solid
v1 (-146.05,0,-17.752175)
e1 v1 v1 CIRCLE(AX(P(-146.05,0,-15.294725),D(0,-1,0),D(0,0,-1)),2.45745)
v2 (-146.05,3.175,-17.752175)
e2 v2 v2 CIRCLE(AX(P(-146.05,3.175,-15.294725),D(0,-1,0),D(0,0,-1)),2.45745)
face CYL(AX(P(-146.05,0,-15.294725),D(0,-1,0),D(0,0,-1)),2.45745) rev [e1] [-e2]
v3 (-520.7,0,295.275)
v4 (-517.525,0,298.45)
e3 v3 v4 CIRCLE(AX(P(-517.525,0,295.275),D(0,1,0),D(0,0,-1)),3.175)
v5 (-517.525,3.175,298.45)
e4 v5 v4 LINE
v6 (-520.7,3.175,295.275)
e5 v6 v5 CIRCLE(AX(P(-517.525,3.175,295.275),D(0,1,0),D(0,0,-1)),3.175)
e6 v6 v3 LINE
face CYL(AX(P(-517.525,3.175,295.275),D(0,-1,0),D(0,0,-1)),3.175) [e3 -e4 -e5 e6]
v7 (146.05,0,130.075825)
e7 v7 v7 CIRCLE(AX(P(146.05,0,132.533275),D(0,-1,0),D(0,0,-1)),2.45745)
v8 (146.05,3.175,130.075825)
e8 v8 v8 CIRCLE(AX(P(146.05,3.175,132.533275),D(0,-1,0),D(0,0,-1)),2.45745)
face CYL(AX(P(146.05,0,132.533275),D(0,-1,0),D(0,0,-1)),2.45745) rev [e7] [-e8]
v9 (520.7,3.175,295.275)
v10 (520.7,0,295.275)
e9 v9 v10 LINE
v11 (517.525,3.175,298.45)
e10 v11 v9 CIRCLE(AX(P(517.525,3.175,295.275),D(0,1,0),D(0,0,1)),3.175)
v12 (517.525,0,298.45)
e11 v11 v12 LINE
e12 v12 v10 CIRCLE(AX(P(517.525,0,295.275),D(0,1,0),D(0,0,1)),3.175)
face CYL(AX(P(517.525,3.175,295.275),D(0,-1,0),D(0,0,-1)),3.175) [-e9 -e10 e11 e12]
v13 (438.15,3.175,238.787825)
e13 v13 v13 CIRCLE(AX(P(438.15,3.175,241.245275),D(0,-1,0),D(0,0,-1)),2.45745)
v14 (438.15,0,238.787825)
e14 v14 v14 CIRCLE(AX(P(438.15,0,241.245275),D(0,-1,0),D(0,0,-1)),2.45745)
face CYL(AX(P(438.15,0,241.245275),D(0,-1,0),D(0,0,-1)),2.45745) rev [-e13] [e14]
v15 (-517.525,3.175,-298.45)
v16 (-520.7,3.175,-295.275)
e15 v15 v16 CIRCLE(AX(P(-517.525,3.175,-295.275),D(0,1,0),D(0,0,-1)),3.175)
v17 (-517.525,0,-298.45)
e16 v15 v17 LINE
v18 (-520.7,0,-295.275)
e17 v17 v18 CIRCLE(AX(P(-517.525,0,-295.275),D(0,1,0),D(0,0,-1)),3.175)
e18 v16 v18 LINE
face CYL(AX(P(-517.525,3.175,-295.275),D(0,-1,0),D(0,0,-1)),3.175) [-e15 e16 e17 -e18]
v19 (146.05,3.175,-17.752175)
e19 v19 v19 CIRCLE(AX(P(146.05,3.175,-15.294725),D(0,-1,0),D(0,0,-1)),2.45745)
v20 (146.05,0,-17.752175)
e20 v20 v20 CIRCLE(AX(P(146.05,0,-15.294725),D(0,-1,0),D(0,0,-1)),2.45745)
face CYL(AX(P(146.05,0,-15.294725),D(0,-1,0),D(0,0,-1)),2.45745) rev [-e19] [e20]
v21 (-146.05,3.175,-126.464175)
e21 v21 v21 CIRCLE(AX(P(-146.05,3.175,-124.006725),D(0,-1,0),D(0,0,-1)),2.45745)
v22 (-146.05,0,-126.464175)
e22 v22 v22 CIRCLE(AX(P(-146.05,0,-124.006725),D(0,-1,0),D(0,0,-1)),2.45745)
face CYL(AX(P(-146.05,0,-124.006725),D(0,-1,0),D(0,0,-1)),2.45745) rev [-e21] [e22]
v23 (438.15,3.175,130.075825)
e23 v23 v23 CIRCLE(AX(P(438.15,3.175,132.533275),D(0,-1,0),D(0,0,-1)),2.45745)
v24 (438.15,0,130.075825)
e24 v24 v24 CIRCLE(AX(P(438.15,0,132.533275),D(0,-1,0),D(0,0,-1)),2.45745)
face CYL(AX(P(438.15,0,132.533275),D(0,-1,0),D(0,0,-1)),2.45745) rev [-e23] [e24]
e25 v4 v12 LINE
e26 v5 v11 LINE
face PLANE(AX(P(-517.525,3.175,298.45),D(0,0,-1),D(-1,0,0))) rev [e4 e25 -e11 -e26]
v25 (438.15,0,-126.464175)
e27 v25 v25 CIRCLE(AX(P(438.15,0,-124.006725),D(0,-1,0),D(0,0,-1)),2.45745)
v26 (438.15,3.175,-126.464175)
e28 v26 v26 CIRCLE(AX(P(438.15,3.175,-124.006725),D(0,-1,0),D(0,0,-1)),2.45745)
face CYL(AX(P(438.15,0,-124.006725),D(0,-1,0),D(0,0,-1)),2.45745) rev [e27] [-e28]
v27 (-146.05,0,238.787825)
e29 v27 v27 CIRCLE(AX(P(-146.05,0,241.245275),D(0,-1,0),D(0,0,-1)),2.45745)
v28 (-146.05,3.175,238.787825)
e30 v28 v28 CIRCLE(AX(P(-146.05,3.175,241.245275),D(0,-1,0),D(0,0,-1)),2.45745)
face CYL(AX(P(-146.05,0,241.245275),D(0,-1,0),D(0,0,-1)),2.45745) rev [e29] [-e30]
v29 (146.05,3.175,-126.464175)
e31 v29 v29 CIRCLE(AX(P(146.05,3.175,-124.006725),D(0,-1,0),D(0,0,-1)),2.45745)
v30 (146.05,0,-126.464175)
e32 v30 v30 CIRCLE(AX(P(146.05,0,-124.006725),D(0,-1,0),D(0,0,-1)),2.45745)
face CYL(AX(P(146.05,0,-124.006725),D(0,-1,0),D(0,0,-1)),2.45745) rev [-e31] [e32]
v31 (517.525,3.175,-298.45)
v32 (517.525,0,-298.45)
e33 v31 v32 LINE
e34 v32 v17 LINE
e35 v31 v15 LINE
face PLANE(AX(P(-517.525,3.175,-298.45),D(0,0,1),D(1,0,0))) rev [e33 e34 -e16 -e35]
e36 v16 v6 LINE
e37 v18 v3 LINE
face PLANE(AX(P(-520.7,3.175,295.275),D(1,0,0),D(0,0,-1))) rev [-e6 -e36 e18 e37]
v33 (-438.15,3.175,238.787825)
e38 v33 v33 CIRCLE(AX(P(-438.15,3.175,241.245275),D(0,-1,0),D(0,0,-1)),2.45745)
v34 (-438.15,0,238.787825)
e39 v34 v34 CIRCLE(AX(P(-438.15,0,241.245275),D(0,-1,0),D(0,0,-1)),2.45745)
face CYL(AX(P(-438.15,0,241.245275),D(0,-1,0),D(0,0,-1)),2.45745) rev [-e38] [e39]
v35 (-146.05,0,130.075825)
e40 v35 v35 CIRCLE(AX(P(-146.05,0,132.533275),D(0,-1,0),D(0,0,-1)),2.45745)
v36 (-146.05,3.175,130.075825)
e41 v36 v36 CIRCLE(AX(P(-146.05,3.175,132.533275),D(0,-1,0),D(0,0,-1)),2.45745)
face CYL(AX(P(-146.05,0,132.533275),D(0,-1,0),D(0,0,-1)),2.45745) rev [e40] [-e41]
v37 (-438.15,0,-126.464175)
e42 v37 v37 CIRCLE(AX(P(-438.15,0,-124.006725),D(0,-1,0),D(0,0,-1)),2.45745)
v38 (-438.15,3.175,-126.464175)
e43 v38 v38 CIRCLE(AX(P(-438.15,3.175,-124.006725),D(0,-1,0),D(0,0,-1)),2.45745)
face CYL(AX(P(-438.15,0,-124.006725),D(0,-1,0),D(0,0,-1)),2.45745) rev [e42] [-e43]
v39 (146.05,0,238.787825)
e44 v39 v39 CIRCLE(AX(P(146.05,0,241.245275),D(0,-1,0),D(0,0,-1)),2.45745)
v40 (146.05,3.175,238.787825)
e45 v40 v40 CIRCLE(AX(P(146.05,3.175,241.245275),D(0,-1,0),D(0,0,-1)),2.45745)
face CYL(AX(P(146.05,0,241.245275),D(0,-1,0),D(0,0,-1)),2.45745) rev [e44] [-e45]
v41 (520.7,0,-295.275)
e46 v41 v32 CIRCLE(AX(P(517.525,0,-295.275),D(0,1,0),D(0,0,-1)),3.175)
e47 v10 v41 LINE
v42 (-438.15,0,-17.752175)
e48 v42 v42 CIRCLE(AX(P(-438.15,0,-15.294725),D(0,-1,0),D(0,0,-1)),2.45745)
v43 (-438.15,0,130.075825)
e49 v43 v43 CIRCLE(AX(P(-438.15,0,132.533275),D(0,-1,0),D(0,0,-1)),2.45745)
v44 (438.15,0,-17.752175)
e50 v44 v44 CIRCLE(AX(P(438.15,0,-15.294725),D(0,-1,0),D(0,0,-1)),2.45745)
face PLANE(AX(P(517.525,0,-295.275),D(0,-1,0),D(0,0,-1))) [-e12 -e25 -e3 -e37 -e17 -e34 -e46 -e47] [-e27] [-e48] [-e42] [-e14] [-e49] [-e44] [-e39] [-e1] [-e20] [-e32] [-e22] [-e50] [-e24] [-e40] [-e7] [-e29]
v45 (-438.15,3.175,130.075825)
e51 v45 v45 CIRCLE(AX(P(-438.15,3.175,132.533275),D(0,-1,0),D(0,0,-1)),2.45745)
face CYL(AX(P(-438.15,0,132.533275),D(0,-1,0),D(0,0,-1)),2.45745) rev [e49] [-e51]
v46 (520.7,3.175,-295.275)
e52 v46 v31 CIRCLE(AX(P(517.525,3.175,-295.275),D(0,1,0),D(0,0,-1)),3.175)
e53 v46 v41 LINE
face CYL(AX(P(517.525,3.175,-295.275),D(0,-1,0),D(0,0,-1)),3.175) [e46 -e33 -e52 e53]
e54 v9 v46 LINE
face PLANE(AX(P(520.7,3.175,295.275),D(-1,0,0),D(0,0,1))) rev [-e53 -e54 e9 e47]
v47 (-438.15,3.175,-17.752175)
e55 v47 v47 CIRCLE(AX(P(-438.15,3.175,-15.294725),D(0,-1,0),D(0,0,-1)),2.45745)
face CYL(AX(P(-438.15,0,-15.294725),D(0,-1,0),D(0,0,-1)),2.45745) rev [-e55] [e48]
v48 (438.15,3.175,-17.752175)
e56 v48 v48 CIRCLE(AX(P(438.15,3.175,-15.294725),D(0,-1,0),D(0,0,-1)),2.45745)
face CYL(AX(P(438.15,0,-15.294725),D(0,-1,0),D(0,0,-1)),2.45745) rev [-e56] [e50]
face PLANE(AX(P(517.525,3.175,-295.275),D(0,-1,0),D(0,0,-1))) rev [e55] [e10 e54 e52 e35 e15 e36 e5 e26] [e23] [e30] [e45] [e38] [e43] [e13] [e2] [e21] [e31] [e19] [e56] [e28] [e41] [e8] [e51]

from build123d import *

# Parameters (mm, degrees)
BOSS_EXTRUDE1_DEPTH          = 3.175
F_10_0_1935_DIAMETER_HOLE1_D = 4.9149


with BuildPart() as part:
    # Sketch1 → Boss-Extrude1 (new body)
    with BuildSketch(Plane(origin=(0, 0, 0), x_dir=(1, 0, 0), z_dir=(0, 1, 0))):
        with BuildLine():
            Line((-517.525, -298.45), (517.525, -298.45))
            ThreePointArc((517.525, -298.45), (519.77006403, -297.52006403), (520.7, -295.275))
            Line((520.7, -295.275), (520.7, 295.275))
            ThreePointArc((520.7, 295.275), (519.77006403, 297.52006403), (517.525, 298.45))
            Line((517.525, 298.45), (-517.525, 298.45))
            ThreePointArc((-517.525, 298.45), (-519.77006403, 297.52006403), (-520.7, 295.275))
            Line((-520.7, 295.275), (-520.7, -295.275))
            ThreePointArc((-520.7, -295.275), (-519.77006403, -297.52006403), (-517.525, -298.45))
        make_face()
    extrude(amount=BOSS_EXTRUDE1_DEPTH)

    # #10 (0.1935) Diameter Hole1 (through all)
    with Locations(Plane(origin=(-438.15, 0, 241.245275247), x_dir=(0, 0, -1), z_dir=(0, -1, 0))):
        with Locations((0, 0), (108.712, 0), (0, 292.1), (108.712, 292.1), (0, 584.2), (108.712, 584.2), (0, 876.3), (108.712, 876.3), (256.539999992, 876.3), (365.251999992, 876.3), (256.539999992, 584.2), (365.251999992, 584.2), (365.251999992, 292.1), (256.539999992, 292.1), (256.539999992, 0), (365.251999992, 0)):
            Hole(F_10_0_1935_DIAMETER_HOLE1_D / 2)


solid = part.part
